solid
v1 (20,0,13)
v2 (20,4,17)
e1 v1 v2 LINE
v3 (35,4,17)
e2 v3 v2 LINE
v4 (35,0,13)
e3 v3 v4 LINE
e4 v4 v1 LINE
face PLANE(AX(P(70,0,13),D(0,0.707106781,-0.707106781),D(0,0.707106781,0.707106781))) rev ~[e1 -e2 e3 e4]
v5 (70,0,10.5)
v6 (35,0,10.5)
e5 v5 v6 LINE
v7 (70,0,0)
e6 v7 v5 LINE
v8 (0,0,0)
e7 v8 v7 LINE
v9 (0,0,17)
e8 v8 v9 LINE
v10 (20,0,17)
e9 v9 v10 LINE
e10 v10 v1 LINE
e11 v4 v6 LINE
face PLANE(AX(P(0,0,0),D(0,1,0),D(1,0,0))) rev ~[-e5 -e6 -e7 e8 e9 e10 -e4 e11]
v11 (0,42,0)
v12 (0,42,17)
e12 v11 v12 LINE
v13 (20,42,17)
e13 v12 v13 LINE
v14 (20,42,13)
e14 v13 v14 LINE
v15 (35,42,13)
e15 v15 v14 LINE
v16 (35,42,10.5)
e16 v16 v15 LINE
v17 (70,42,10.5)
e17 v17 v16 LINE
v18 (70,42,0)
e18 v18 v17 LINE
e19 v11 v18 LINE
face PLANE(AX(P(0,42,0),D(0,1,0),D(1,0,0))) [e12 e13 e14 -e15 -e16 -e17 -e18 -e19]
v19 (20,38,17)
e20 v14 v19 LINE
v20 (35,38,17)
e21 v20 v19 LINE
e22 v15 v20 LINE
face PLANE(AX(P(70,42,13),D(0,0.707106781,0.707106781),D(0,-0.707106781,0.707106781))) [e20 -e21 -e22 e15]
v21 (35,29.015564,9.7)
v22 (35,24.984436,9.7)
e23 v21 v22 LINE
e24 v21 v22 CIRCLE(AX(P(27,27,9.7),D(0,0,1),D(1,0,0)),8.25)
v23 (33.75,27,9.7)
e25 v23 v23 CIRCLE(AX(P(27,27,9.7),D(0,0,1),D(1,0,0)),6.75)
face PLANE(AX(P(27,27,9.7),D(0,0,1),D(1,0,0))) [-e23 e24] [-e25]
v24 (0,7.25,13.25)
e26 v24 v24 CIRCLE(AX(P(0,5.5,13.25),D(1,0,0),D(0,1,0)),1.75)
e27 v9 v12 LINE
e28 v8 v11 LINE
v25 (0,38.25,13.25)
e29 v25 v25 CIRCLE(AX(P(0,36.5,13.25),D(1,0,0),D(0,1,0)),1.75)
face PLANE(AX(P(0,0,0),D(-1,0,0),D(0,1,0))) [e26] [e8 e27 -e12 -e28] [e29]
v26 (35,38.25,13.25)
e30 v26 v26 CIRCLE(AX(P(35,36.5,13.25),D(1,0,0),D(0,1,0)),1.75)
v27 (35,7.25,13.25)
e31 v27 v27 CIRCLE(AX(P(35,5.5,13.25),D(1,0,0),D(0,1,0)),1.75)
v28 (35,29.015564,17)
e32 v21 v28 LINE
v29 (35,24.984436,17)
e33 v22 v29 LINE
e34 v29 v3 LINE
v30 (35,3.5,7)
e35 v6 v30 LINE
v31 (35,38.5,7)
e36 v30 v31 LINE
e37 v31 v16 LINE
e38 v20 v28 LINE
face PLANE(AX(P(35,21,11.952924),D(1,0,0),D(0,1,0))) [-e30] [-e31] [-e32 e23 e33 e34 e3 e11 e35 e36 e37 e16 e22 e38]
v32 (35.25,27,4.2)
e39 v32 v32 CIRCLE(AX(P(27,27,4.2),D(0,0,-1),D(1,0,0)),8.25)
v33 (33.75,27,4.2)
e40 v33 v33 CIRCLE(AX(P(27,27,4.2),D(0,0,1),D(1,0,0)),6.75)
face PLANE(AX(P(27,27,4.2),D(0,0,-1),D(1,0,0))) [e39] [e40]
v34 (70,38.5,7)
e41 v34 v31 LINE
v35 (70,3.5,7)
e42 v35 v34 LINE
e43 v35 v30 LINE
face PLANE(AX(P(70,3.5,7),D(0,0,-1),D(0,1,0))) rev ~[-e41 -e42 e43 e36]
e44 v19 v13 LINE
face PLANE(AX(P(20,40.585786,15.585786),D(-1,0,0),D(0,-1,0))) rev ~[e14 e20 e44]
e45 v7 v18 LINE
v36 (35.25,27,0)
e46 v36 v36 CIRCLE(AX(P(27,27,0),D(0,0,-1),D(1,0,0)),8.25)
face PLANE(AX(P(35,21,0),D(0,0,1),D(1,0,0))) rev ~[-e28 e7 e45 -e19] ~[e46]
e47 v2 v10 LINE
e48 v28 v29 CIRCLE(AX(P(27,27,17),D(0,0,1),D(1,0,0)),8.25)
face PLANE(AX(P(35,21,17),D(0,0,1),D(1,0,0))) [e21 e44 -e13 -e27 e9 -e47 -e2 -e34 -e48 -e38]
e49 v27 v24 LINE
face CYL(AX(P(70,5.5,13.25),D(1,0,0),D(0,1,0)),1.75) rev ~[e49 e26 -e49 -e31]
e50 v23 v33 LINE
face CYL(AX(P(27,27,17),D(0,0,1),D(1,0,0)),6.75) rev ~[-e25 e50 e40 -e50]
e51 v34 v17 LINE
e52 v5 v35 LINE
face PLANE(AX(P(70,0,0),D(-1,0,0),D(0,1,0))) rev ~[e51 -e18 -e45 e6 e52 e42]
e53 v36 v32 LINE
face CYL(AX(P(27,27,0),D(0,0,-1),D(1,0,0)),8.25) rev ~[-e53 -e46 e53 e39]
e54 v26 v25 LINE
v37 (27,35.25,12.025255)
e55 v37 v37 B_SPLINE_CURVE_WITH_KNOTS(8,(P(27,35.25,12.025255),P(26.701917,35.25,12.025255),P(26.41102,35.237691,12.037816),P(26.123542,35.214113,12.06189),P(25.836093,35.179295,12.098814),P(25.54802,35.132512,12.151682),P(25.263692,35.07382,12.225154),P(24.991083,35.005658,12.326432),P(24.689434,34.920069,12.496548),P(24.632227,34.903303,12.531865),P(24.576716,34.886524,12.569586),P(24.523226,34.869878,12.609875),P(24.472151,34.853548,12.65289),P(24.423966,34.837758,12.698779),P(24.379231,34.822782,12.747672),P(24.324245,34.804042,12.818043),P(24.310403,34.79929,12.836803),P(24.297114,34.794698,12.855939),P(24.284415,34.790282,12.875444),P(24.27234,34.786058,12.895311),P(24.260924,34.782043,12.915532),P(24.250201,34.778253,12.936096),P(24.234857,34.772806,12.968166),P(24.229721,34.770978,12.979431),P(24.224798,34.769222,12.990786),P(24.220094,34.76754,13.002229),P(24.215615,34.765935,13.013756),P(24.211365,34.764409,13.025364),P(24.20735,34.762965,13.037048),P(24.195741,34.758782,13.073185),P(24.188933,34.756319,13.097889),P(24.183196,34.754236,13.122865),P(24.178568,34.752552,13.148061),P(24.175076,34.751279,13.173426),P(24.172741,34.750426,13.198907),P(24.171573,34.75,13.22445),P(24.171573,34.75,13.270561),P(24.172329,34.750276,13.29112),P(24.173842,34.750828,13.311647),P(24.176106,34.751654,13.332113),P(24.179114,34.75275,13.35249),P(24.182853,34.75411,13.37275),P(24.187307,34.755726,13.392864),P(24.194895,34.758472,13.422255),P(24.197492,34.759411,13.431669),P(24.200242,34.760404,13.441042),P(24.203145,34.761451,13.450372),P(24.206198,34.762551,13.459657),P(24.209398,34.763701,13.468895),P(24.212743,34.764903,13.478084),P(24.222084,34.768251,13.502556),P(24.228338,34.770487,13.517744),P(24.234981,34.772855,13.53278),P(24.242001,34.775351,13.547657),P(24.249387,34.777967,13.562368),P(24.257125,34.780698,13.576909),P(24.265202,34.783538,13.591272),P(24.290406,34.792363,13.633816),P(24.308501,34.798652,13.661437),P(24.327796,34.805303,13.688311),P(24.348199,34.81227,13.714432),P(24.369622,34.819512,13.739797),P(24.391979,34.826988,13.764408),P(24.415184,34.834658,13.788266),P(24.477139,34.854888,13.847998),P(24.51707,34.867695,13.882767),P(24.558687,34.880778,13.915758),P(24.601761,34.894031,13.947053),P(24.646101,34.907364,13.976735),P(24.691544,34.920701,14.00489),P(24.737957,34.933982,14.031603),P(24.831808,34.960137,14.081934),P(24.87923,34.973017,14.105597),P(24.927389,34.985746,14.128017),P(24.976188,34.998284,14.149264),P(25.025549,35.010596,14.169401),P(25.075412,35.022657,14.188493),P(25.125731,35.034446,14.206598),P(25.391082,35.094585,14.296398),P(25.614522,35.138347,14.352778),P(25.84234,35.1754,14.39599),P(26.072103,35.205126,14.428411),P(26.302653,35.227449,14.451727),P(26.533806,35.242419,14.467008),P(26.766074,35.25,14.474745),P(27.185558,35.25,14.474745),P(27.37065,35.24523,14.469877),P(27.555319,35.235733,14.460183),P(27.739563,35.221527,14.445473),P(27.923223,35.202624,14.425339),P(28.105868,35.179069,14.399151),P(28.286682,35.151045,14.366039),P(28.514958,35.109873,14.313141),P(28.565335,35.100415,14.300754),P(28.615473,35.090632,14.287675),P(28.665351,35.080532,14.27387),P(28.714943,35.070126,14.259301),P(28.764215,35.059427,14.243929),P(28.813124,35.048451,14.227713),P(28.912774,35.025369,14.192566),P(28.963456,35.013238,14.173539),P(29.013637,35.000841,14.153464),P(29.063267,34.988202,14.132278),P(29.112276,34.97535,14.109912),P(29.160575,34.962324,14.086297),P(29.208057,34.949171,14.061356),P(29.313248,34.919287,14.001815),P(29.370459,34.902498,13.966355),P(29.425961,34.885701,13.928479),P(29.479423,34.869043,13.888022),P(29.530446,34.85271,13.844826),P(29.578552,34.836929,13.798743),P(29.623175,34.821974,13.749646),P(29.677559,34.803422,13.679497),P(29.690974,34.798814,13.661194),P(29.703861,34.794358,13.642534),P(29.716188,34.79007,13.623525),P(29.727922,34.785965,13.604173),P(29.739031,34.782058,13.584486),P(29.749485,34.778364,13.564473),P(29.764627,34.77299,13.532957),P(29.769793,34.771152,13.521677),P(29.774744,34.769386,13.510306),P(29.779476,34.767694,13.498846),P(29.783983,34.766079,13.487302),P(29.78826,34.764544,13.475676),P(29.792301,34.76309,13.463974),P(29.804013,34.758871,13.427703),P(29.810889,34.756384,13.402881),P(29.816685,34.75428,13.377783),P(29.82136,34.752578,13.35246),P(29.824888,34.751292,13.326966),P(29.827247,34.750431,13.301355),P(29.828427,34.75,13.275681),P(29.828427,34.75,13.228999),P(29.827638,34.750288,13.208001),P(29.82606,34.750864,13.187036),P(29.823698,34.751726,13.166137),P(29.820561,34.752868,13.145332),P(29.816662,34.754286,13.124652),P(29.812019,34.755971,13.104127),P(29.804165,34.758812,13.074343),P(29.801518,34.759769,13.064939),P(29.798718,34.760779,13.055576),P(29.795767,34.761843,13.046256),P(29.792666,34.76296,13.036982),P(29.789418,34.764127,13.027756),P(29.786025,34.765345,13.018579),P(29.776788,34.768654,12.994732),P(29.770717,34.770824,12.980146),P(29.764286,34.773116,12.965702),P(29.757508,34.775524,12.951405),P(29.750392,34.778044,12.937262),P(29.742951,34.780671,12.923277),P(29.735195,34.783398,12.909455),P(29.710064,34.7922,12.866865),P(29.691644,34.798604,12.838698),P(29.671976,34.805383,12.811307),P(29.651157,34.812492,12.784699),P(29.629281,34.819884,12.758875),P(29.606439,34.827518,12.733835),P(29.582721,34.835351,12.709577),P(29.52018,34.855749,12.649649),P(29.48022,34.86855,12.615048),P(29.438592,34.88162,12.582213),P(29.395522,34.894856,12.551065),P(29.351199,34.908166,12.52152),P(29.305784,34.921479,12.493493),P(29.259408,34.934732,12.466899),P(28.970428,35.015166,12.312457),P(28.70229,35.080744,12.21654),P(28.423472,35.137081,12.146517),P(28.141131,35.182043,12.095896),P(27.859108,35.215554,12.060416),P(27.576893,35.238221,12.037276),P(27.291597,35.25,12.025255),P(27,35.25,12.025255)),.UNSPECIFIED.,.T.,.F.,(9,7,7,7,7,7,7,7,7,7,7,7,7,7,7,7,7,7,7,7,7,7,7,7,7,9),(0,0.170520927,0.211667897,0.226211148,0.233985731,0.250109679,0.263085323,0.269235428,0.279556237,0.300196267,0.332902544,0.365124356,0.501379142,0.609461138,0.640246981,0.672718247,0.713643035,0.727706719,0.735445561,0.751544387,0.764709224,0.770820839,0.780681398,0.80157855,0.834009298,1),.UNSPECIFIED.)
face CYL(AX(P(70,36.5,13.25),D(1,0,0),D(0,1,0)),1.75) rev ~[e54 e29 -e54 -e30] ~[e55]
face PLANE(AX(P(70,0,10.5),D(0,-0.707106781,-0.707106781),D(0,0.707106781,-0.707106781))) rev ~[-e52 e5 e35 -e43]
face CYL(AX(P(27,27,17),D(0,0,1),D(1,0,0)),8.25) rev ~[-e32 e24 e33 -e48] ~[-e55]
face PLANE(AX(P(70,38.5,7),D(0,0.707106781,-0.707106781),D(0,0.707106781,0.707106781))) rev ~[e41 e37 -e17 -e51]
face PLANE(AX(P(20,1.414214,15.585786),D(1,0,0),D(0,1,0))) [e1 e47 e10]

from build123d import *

# Parameters (mm, degrees)
BOX_W           = 70
BOX_H           = 42
BOX_DEPTH       = 17
SKETCH_R        = 1.75
POCKET_DEPTH    = 70.001
POCKET001_DEPTH = 50
POCKET002_DEPTH = 35
SKETCH003_R     = 6.75
POCKET003_DEPTH = 17.001
SKETCH004_R     = 8.25
POCKET004_DEPTH = 7.3
SKETCH005_R     = 8.25
POCKET005_DEPTH = 4.2


with BuildPart() as part:
    # Box → Box (new body)
    with BuildSketch(Plane.XY):
        with Locations((35, 21)):
            Rectangle(BOX_W, BOX_H)
    extrude(amount=BOX_DEPTH)

    # Sketch (on Face2 of BaseFeature) → Pocket (cut, through all)
    with BuildSketch(Plane.YZ.offset(70)):
        with Locations((5.5, 13.25)):
            Circle(SKETCH_R)
        with Locations((36.5, 13.25)):
            Circle(SKETCH_R)
    extrude(amount=-POCKET_DEPTH, mode=Mode.SUBTRACT)

    # Sketch001 (on Face2 of BaseFeature) → Pocket001 (cut)
    with BuildSketch(Plane.YZ.offset(70)):
        Polygon((4, 17), (0, 17), (0, 13), align=None)
        Polygon((38, 17), (42, 17), (42, 13), align=None)
    extrude(amount=-POCKET001_DEPTH, mode=Mode.SUBTRACT)

    # Sketch002 (on Face8 of Pocket001) → Pocket002 (cut)
    with BuildSketch(Plane.YZ.offset(70)):
        Polygon((4, 17), (0, 13), (0, 10.5), (3.5, 7), (38.5, 7), (42, 10.5), (42, 13), (38, 17), align=None)
    extrude(amount=-POCKET002_DEPTH, mode=Mode.SUBTRACT)

    # Sketch003 (on Face3 of Pocket002) → Pocket003 (cut, through all)
    with BuildSketch(Plane.XY.offset(17)):
        with Locations((27, 27)):
            Circle(SKETCH003_R)
    extrude(amount=-POCKET003_DEPTH, mode=Mode.SUBTRACT)

    # Sketch004 (on Face3 of Pocket003) → Pocket004 (cut)
    with BuildSketch(Plane.XY.offset(17)):
        with Locations((27, 27)):
            Circle(SKETCH004_R)
    extrude(amount=-POCKET004_DEPTH, mode=Mode.SUBTRACT)

    # Sketch005 (on Face4 of Pocket004) → Pocket005 (cut)
    with BuildSketch(Plane(origin=(0, 0, 0), x_dir=(1, 0, 0), z_dir=(0, 0, -1))):
        with Locations((27, -27)):
            Circle(SKETCH005_R)
    extrude(amount=-POCKET005_DEPTH, mode=Mode.SUBTRACT)


solid = part.part
